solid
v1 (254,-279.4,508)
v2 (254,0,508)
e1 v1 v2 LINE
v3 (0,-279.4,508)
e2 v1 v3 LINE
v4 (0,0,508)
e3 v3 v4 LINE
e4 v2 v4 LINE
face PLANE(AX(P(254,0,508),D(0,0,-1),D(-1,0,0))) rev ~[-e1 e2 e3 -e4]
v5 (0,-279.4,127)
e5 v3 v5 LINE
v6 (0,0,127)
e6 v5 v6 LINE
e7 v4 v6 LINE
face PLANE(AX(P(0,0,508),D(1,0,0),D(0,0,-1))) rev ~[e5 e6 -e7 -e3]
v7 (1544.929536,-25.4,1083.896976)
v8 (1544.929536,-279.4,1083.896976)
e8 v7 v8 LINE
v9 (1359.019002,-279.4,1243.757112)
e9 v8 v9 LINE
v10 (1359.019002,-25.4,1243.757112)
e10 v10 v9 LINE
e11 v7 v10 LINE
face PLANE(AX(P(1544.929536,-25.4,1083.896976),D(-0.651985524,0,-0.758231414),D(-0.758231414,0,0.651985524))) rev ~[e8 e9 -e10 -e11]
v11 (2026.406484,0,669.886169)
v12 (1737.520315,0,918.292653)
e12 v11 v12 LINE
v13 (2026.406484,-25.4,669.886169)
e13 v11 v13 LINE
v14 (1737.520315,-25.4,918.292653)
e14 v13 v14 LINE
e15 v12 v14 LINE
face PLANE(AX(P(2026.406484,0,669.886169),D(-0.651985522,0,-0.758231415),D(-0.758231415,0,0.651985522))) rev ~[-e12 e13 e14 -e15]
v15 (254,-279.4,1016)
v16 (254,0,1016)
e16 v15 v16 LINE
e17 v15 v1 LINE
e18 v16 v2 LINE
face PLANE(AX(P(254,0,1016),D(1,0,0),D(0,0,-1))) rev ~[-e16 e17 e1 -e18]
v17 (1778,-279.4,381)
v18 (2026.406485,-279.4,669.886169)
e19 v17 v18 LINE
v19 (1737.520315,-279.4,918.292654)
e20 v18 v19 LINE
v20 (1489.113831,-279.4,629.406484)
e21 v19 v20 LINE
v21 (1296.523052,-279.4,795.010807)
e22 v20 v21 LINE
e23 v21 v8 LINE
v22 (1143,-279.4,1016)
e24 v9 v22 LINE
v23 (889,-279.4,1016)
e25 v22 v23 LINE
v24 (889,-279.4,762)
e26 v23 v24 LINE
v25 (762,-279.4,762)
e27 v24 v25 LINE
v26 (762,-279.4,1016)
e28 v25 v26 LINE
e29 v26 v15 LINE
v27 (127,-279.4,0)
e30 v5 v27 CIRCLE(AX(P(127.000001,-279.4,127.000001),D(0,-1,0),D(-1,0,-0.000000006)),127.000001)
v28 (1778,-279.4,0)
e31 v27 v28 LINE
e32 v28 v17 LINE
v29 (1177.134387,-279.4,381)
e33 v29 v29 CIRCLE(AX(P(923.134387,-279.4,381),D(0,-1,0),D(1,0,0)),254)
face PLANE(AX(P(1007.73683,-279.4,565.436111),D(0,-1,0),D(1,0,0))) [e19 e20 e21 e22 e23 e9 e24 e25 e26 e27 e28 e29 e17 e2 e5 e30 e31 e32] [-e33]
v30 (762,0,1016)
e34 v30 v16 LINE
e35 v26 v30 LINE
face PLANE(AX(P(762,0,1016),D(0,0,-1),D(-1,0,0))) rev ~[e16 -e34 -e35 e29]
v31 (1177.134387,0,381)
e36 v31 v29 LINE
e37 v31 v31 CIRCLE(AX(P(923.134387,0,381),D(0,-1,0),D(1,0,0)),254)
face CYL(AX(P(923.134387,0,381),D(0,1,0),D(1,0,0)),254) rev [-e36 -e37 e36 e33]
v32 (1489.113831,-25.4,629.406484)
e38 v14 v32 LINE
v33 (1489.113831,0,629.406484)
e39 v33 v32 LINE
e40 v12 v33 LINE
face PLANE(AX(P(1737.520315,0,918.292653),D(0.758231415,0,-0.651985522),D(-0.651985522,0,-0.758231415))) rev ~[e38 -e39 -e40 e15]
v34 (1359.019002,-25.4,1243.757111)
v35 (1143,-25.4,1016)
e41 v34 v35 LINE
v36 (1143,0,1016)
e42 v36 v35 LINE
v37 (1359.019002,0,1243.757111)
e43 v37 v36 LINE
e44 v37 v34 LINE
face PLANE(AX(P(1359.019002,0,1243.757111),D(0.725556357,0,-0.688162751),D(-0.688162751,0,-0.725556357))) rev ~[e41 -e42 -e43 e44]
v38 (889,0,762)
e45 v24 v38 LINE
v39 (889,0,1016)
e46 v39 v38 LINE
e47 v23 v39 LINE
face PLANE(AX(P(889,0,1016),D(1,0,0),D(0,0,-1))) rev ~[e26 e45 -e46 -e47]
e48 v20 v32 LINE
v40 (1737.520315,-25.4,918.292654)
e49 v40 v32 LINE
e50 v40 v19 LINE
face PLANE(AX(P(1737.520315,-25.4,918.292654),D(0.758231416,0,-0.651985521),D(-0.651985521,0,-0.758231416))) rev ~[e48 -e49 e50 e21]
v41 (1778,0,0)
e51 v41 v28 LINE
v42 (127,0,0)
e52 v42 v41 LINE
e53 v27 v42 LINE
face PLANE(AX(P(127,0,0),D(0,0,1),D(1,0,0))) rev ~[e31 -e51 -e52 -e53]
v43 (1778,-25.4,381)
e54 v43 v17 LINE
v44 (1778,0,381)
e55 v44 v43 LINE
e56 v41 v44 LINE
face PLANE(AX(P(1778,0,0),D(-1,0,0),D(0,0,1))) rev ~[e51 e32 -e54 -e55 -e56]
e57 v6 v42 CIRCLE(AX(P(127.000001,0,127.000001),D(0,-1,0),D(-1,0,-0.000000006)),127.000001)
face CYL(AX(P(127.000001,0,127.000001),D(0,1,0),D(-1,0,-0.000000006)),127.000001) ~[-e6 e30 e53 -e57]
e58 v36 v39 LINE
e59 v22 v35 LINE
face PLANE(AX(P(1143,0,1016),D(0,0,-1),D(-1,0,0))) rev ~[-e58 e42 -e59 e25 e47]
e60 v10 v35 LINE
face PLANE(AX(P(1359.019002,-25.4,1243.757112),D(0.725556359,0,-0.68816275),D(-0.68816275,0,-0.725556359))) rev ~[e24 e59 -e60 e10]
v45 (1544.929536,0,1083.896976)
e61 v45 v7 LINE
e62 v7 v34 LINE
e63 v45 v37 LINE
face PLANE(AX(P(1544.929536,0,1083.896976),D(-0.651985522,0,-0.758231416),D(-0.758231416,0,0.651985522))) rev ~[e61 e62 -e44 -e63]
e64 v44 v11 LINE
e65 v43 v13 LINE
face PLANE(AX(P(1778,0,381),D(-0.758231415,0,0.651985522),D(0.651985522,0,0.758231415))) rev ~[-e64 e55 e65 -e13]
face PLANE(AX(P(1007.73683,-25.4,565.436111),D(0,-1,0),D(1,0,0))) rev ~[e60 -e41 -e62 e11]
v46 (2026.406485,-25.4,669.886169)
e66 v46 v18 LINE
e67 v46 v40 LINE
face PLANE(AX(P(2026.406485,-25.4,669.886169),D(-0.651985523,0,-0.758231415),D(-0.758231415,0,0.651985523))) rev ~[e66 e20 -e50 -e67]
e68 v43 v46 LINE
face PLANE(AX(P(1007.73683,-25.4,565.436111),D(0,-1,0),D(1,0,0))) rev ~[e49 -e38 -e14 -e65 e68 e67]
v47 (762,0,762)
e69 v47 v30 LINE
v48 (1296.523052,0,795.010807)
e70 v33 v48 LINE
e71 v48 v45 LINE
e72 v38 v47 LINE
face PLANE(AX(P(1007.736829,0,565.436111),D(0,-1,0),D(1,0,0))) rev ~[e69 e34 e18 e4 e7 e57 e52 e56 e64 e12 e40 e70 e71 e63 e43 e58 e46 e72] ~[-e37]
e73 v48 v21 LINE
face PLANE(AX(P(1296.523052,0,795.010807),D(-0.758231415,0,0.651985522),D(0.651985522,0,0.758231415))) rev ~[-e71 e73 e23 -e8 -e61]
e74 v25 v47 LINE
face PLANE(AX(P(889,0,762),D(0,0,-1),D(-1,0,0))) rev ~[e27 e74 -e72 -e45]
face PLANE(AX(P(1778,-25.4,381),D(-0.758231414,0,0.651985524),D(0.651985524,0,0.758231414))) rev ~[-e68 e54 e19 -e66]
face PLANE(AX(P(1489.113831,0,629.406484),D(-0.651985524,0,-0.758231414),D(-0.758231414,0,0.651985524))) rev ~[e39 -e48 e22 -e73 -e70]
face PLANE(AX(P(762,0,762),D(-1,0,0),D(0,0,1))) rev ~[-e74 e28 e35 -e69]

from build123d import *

# Parameters (mm, degrees)
F0_R      = 254
F1_DEPTH  = 25.4
F1_FACE_R = 254
F2_DEPTH  = 254


with BuildPart() as f1:
    # F0 (on Front) → F1 (new body)
    with BuildSketch(Plane.XZ):
        with BuildLine():
            Line((127, 0), (1778, 0))
            Line((1778, 0), (1778, 381))
            Line((1778, 381), (2026.406484, 669.886169))
            Line((2026.406484, 669.886169), (1737.520315, 918.292653))
            Line((1737.520315, 918.292653), (1489.113831, 629.406484))
            Line((1489.113831, 629.406484), (1296.523052, 795.010807))
            Line((1296.523052, 795.010807), (1544.929536, 1083.896976))
            Line((1544.929536, 1083.896976), (1359.019002, 1243.757111))
            Line((1359.019002, 1243.757111), (1143, 1016))
            Line((1143, 1016), (889, 1016))
            Line((889, 1016), (889, 762))
            Line((889, 762), (762, 762))
            Line((762, 762), (762, 1016))
            Line((762, 1016), (254, 1016))
            Line((254, 1016), (254, 508))
            Line((254, 508), (0, 508))
            Line((0, 508), (0, 127))
            ThreePointArc((0, 127), (37.197439, 37.197439), (127, 0))
        make_face()
        with Locations((923.134387, 381)):
            Circle(F0_R, mode=Mode.SUBTRACT)
    extrude(amount=F1_DEPTH)

    # F0 (on Front) + F1_face (on face) → F2 (join)
    with BuildSketch(Plane.XZ):
        with BuildLine():
            Line((127, 0), (1778, 0))
            Line((1778, 0), (1778, 381))
            Line((1778, 381), (2026.406484, 669.886169))
            Line((2026.406484, 669.886169), (1737.520315, 918.292653))
            Line((1737.520315, 918.292653), (1489.113831, 629.406484))
            Line((1489.113831, 629.406484), (1296.523052, 795.010807))
            Line((1296.523052, 795.010807), (1544.929536, 1083.896976))
            Line((1544.929536, 1083.896976), (1359.019002, 1243.757111))
            Line((1359.019002, 1243.757111), (1143, 1016))
            Line((1143, 1016), (889, 1016))
            Line((889, 1016), (889, 762))
            Line((889, 762), (762, 762))
            Line((762, 762), (762, 1016))
            Line((762, 1016), (254, 1016))
            Line((254, 1016), (254, 508))
            Line((254, 508), (0, 508))
            Line((0, 508), (0, 127))
            ThreePointArc((0, 127), (37.197439, 37.197439), (127, 0))
        make_face()
        with Locations((923.134387, 381)):
            Circle(F0_R, mode=Mode.SUBTRACT)
    with BuildSketch(Plane(origin=(967.928983, -25.4, 497.217744), x_dir=(1, 0, 0), z_dir=(0, -1, 0))):
        with BuildLine():
            ThreePointArc((-967.928983, -370.217744), (-930.731544, -460.020305), (-840.928983, -497.217744))
            Line((-840.928983, -497.217744), (810.071017, -497.217744))
            Line((810.071017, -497.217744), (810.071017, -116.217744))
            Line((810.071017, -116.217744), (1058.477502, 172.668425))
            Line((1058.477502, 172.668425), (769.591332, 421.07491))
            Line((769.591332, 421.07491), (521.184848, 132.18874))
            Line((521.184848, 132.18874), (328.594069, 297.793063))
            Line((328.594069, 297.793063), (577.000553, 586.679232))
            Line((577.000553, 586.679232), (391.090019, 746.539368))
            Line((391.090019, 746.539368), (175.071017, 518.782256))
            Line((175.071017, 518.782256), (-78.928983, 518.782256))
            Line((-78.928983, 518.782256), (-78.928983, 264.782256))
            Line((-78.928983, 264.782256), (-205.928983, 264.782256))
            Line((-205.928983, 264.782256), (-205.928983, 518.782256))
            Line((-205.928983, 518.782256), (-713.928983, 518.782256))
            Line((-713.928983, 518.782256), (-713.928983, 10.782256))
            Line((-713.928983, 10.782256), (-967.928983, 10.782256))
            Line((-967.928983, 10.782256), (-967.928983, -370.217744))
        make_face()
        with Locations((-44.794596, -116.217744)):
            Circle(F1_FACE_R, mode=Mode.SUBTRACT)
    extrude(amount=F2_DEPTH)


solid = f1.part
